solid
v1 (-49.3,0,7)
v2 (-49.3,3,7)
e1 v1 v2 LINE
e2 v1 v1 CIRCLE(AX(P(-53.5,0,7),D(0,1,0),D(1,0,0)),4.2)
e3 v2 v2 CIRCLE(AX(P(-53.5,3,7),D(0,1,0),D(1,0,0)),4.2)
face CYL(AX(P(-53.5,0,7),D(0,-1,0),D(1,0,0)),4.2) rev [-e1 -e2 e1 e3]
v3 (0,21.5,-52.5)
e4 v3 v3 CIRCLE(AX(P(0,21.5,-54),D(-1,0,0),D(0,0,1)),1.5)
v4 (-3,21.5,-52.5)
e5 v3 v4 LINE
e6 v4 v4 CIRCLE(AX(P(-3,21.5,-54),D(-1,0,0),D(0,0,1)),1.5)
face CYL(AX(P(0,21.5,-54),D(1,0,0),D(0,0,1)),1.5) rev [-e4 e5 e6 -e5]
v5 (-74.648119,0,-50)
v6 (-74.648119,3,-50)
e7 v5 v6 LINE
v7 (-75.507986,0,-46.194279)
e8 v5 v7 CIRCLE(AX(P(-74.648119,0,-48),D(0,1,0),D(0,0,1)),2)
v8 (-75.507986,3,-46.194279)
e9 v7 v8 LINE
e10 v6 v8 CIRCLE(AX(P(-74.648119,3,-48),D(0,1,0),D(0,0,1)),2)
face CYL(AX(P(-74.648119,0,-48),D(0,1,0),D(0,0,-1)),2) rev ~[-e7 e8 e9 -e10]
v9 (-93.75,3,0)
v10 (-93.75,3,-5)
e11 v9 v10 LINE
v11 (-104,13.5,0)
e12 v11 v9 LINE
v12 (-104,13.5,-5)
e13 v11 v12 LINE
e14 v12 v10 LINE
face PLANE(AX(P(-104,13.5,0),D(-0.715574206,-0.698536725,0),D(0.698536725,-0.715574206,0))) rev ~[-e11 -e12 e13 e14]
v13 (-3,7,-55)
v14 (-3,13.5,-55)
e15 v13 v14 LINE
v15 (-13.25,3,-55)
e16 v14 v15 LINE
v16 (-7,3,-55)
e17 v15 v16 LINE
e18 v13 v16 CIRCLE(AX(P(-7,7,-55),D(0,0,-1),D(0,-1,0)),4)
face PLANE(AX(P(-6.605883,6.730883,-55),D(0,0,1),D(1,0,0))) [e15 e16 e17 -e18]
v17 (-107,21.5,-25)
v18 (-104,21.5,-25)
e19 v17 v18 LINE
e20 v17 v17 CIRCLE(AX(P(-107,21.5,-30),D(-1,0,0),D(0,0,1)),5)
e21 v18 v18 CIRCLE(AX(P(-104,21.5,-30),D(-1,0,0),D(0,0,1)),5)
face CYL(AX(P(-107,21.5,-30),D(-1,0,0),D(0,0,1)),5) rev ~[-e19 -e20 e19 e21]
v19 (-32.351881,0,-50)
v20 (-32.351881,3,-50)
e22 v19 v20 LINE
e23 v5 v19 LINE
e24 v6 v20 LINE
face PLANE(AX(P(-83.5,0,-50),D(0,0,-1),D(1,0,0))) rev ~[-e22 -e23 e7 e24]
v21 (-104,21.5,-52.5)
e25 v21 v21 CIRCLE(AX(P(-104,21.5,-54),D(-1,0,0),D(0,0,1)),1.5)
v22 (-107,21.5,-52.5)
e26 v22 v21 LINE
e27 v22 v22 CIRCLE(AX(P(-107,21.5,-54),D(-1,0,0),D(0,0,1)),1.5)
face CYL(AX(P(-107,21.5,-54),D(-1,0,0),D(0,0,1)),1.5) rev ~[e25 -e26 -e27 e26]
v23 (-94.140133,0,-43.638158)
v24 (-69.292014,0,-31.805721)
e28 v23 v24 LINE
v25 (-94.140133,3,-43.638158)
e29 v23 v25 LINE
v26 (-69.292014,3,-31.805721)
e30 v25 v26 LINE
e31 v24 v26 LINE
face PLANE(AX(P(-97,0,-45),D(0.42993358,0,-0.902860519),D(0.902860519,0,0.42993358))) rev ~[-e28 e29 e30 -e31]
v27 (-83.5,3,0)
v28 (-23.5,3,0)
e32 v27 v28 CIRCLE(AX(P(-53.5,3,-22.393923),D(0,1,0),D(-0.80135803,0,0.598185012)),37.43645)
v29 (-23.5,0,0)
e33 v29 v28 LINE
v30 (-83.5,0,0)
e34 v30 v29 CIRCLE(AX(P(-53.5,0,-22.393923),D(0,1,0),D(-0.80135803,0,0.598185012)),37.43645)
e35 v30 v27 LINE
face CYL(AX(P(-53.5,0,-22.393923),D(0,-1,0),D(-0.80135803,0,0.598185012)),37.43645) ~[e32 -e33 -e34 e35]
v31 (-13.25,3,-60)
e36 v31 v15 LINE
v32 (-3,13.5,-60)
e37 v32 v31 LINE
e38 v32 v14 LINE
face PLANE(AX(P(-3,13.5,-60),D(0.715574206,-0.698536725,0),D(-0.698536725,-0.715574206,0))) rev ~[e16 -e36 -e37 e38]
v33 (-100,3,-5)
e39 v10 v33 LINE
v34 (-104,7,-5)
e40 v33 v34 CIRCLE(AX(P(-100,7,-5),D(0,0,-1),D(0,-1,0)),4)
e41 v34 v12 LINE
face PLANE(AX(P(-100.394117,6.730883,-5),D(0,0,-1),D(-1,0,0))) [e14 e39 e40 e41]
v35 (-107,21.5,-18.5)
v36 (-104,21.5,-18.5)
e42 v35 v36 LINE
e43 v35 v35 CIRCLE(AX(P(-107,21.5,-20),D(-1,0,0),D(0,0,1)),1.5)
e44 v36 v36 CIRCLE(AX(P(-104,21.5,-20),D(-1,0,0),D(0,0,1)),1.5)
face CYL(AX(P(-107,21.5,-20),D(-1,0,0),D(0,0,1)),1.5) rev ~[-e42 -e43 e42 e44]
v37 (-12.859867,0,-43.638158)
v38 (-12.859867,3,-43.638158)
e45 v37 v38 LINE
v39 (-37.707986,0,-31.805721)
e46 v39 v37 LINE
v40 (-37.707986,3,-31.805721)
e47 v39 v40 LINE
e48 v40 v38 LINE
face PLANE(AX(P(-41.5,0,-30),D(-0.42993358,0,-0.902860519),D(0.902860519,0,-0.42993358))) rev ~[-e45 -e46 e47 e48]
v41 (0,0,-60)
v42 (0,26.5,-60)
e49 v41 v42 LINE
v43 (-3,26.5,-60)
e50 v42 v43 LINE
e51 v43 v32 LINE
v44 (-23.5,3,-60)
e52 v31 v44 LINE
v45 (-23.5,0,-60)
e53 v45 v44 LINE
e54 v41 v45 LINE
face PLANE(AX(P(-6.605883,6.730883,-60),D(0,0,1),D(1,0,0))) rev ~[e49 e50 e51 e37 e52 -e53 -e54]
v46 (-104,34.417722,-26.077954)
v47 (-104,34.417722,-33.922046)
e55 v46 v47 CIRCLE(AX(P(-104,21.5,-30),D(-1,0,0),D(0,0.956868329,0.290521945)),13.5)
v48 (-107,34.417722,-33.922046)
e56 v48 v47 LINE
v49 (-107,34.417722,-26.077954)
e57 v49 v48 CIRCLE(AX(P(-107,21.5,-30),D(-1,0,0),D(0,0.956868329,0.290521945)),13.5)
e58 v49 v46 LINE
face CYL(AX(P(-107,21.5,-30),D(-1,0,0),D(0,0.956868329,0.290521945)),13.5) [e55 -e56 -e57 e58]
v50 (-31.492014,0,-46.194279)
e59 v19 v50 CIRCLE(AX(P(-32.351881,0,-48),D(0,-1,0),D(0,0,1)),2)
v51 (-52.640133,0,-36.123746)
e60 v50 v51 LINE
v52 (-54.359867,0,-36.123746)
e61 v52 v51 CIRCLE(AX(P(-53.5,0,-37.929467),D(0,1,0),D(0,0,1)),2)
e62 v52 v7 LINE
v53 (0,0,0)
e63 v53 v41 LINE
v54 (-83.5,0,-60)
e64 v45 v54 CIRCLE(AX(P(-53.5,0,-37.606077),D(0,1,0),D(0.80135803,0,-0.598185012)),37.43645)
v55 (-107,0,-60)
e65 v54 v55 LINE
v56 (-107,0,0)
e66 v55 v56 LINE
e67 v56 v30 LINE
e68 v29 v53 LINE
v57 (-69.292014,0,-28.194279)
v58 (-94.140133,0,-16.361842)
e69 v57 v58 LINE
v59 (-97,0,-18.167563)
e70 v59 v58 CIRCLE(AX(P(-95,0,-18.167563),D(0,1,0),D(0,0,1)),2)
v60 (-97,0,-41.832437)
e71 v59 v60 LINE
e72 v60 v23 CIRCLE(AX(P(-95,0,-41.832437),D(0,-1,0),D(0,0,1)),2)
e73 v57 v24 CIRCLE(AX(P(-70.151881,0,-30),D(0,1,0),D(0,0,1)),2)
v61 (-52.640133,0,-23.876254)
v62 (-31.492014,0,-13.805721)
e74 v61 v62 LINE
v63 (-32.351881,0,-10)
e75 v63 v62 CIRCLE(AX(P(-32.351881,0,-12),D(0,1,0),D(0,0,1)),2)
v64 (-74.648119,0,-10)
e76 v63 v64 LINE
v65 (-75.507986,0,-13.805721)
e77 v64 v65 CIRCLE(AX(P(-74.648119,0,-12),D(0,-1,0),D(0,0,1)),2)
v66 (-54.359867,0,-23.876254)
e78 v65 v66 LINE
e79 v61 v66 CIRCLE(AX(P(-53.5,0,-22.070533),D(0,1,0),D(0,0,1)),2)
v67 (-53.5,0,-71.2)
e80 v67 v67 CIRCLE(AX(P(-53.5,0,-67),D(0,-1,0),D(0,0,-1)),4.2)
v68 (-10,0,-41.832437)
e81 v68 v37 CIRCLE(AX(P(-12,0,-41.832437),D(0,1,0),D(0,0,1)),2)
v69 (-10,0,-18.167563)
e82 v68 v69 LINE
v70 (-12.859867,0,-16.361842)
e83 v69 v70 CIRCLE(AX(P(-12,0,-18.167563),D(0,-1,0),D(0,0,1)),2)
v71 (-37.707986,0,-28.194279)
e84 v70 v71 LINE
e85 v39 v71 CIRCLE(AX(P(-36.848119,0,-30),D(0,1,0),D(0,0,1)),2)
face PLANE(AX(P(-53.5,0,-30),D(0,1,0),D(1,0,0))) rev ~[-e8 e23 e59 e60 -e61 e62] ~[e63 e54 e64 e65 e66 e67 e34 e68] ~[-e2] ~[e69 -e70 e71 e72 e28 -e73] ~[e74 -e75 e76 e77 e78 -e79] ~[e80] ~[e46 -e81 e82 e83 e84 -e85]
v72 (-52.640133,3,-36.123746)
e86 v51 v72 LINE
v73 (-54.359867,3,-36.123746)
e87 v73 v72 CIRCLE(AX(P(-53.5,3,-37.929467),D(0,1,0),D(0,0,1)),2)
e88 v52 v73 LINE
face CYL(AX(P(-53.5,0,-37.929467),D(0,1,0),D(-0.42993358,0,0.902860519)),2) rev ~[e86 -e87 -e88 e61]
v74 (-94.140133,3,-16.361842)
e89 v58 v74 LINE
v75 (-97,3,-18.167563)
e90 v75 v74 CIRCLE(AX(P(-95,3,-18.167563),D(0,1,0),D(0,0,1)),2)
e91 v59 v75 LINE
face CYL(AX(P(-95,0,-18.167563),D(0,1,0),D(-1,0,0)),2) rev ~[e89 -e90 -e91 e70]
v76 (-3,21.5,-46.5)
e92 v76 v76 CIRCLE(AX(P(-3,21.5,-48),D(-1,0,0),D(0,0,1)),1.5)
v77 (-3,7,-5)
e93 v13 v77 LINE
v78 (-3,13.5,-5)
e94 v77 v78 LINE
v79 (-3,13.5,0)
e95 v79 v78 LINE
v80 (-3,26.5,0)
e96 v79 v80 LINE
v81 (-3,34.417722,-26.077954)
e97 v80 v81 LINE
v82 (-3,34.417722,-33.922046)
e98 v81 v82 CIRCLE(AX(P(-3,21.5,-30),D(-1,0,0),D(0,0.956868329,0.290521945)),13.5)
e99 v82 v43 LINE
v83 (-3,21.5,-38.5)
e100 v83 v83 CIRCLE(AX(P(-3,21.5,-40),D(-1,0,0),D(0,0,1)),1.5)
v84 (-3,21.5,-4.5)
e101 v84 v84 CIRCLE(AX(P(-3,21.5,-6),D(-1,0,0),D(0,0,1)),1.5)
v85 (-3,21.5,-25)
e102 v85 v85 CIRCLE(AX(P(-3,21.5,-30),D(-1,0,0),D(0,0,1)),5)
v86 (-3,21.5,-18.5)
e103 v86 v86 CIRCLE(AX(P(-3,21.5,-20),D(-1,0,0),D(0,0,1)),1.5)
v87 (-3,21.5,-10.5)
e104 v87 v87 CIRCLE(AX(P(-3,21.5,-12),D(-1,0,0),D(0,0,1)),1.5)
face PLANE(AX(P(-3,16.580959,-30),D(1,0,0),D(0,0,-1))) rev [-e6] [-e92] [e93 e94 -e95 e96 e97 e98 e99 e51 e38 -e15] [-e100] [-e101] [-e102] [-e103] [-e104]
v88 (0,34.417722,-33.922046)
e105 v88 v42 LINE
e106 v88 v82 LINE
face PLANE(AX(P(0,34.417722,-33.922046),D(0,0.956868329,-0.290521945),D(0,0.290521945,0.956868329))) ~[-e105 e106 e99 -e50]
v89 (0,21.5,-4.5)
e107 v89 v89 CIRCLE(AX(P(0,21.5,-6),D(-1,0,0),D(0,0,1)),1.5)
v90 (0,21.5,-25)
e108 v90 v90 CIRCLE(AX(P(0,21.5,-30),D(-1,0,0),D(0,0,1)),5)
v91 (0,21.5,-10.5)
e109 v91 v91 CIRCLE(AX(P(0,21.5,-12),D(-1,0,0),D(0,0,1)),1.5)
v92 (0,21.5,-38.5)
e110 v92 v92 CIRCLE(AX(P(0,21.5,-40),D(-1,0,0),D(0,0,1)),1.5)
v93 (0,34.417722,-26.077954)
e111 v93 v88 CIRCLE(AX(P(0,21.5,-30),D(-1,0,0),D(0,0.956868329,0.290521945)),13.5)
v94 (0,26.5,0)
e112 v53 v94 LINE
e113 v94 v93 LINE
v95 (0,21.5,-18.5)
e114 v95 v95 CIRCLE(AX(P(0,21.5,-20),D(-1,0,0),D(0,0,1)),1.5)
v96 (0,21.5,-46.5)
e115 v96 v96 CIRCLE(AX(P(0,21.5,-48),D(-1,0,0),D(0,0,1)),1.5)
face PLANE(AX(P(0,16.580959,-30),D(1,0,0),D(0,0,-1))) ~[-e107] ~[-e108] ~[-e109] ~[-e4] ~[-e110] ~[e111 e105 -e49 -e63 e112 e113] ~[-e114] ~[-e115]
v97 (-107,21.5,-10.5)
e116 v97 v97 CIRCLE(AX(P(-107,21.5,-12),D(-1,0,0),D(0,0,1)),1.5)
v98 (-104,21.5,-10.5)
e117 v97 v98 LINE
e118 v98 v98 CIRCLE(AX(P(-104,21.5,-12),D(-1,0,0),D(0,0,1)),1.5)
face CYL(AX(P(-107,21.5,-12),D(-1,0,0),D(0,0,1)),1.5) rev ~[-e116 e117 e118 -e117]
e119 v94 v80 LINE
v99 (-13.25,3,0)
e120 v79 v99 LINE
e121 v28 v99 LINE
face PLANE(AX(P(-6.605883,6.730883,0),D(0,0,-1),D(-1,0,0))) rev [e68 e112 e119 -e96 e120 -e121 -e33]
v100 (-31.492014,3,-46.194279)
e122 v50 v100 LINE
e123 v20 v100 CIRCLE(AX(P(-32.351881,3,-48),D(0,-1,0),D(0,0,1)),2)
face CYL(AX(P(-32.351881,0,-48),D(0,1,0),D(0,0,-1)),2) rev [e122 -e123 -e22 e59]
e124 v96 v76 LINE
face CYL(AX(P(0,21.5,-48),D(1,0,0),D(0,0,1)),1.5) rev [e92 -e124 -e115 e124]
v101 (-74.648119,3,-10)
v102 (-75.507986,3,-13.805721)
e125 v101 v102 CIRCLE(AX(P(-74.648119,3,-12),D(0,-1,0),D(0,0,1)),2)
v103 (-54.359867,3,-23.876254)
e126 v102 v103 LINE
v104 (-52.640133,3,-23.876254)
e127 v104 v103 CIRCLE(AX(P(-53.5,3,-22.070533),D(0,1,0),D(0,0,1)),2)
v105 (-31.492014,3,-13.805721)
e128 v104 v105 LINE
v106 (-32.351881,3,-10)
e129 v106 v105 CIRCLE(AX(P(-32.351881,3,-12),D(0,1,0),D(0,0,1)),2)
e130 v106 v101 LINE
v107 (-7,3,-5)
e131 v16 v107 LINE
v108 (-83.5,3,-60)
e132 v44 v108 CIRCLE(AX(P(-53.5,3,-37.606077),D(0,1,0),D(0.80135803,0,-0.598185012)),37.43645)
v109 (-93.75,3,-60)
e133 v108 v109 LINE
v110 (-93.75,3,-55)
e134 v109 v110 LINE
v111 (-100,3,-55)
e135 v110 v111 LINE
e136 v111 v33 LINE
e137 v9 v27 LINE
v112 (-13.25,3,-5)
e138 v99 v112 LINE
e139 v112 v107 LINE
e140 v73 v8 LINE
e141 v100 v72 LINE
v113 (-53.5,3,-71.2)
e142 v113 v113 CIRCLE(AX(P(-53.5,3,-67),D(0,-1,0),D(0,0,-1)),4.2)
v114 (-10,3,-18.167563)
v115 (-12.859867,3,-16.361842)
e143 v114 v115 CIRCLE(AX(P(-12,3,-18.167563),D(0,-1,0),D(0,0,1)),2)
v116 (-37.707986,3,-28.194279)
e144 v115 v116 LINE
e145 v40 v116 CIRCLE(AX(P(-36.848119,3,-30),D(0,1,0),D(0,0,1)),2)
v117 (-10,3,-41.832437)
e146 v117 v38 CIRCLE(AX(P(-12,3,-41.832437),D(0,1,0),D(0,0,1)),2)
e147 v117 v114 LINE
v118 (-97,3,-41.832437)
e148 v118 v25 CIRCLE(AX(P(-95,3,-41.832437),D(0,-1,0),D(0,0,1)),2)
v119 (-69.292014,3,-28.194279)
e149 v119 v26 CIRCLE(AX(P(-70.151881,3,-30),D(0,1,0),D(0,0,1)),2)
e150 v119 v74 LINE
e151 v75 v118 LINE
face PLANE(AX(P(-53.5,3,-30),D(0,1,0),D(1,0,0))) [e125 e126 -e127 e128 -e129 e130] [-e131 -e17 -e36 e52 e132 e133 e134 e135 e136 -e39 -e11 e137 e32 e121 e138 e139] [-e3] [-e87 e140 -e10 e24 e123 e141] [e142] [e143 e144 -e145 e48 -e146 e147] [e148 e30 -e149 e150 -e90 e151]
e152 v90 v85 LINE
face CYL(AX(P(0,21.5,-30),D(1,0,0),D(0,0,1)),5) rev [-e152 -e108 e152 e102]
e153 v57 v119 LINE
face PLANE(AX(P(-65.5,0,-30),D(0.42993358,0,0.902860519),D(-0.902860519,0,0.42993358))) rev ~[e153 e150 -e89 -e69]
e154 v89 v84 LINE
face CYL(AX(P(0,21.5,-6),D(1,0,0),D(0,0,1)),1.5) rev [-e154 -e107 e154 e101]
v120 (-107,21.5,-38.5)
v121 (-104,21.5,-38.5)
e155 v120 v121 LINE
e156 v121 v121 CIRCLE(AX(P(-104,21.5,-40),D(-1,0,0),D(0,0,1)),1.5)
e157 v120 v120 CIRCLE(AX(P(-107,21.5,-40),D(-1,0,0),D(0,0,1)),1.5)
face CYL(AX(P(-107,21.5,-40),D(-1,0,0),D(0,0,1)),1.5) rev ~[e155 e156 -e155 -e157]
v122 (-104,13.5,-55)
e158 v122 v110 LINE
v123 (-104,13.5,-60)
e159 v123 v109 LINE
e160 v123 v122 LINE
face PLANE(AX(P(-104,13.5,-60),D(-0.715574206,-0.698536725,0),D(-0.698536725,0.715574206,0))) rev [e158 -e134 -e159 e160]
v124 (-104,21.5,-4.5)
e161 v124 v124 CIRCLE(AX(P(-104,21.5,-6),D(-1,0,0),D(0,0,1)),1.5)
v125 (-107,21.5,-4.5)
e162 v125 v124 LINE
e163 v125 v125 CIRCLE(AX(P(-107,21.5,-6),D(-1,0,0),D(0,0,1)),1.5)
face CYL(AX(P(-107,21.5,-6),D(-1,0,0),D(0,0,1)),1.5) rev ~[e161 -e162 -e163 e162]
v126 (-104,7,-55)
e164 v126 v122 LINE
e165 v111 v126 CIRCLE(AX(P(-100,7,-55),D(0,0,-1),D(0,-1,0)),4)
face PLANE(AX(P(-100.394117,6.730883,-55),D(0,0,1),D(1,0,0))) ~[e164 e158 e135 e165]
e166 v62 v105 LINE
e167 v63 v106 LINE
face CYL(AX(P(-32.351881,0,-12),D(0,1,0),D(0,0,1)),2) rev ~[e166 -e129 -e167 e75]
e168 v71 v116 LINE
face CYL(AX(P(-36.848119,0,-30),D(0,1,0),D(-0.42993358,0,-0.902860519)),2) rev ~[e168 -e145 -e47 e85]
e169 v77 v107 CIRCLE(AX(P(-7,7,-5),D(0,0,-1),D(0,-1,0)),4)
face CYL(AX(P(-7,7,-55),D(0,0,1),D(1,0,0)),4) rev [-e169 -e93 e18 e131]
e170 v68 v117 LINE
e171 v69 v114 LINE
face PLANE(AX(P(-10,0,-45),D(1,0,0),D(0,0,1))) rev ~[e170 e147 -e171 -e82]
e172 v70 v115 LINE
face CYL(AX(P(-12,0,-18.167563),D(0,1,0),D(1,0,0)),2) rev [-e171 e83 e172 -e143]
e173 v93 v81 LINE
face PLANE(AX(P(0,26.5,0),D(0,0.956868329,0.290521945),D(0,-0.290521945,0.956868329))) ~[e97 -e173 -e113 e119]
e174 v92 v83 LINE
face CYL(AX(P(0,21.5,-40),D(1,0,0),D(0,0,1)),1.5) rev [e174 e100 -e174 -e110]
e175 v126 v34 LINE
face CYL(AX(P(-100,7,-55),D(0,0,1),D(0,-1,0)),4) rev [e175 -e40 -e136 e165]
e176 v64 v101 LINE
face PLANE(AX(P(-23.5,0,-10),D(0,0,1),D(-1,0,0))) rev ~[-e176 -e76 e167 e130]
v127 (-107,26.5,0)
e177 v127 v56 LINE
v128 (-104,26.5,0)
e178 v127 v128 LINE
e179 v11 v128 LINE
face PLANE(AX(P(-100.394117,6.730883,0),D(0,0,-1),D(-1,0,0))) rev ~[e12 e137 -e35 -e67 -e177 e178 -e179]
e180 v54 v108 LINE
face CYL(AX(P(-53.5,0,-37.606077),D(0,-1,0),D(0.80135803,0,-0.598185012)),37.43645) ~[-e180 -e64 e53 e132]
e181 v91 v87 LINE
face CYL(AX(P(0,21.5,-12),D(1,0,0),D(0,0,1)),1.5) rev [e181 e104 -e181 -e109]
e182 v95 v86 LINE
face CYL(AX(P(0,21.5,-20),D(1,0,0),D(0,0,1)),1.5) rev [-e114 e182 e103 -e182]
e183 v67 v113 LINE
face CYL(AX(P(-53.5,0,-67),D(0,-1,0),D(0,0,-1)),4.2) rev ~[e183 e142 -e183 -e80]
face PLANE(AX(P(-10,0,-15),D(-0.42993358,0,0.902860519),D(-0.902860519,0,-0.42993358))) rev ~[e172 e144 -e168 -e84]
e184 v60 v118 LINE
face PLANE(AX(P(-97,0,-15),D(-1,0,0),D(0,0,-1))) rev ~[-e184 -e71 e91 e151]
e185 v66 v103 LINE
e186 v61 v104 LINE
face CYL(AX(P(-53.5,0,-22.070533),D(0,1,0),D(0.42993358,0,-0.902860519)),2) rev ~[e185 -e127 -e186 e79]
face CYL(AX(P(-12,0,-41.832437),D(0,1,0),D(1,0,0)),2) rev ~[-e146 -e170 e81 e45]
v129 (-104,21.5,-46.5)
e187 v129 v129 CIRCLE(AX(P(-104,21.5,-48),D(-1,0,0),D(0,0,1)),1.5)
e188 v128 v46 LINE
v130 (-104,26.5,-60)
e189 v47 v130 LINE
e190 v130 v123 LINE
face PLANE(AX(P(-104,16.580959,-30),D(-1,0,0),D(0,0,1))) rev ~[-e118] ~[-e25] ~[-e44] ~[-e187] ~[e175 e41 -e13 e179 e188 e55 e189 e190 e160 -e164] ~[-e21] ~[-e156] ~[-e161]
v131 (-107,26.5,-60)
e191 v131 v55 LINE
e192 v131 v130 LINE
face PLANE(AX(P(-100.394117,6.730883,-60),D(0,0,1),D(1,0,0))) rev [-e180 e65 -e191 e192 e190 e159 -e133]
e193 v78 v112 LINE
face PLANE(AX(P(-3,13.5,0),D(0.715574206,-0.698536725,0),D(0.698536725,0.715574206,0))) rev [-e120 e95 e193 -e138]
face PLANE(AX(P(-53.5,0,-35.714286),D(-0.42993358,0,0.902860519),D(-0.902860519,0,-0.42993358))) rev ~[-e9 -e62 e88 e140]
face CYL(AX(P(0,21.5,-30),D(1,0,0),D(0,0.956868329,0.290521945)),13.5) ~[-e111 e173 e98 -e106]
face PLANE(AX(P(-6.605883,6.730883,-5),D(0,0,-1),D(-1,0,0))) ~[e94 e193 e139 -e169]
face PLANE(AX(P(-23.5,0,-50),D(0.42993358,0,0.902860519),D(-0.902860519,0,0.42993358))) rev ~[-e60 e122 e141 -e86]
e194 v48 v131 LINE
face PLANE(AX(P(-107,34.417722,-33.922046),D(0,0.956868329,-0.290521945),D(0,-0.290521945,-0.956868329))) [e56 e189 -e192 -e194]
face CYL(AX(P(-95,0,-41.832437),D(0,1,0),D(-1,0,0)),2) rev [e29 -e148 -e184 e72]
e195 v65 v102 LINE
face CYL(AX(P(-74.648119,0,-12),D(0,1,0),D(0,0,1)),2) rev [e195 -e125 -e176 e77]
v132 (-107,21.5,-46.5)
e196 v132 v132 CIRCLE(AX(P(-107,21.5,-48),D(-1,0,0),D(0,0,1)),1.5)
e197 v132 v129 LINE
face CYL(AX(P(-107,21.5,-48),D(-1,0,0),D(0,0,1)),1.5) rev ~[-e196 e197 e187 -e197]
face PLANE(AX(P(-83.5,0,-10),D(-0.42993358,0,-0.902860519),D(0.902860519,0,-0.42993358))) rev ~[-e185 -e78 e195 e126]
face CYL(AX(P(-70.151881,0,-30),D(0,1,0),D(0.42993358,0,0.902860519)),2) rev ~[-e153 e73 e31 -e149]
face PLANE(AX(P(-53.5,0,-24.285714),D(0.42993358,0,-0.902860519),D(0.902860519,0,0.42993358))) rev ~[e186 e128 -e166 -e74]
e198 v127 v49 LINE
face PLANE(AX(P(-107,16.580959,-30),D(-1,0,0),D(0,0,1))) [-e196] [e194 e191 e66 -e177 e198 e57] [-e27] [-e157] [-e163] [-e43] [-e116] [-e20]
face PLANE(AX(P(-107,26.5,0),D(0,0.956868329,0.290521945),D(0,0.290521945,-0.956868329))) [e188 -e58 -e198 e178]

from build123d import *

# Parameters (mm, degrees)
SKETCH1_R            = 4.2
BOSS_EXTRUDE1_DEPTH  = 3
FILLET1_R            = 2
SKETCH2_R            = 1.5
SKETCH2_R_2          = 5
BOSS_EXTRUDE2_DEPTH  = 3
BOSS_EXTRUDE3_DEPTH  = 5
MIRROR3_COPY_1_DEPTH = 5
FILLET2_R            = 4


with BuildPart() as part:
    # Sketch1 → Boss-Extrude1 (new body)
    with BuildSketch(Plane(origin=(0, 0, 0), x_dir=(1, 0, 0), z_dir=(0, 1, 0))):
        with BuildLine():
            Line((-107, 60), (-107, 0))
            Line((-107, 0), (-83.5, 0))
            ThreePointArc((-83.5, 0), (-53.5, -15.042526813), (-23.5, 0))
            Line((-23.5, 0), (0, 0))
            Line((0, 0), (0, 60))
            Line((0, 60), (-23.5, 60))
            ThreePointArc((-23.5, 60), (-53.5, 75.042526813), (-83.5, 60))
            Line((-83.5, 60), (-107, 60))
        make_face()
        Polygon((-97, 45), (-65.5, 30), (-97, 15), align=None, mode=Mode.SUBTRACT)
        Polygon((-83.5, 10), (-53.5, 24.285714286), (-23.5, 10), align=None, mode=Mode.SUBTRACT)
        Polygon((-10, 15), (-41.5, 30), (-10, 45), align=None, mode=Mode.SUBTRACT)
        Polygon((-23.5, 50), (-53.5, 35.714285714), (-83.5, 50), align=None, mode=Mode.SUBTRACT)
        with BuildLine():
            ThreePointArc((-53.5, 62.8), (-57.7, 67), (-53.5, 71.2))
            ThreePointArc((-53.5, 71.2), (-49.3, 67), (-53.5, 62.8))
        make_face(mode=Mode.SUBTRACT)
        with Locations((-53.5, -7)):
            Circle(SKETCH1_R, mode=Mode.SUBTRACT)
    extrude(amount=BOSS_EXTRUDE1_DEPTH)

    # Fillet1
    fillet1_edges = [part.edges().sort_by_distance(p)[0] for p in [
        (-10, 1.5, -15),
        (-10, 1.5, -45),
        (-41.5, 1.5, -30),
        (-83.5, 1.5, -10),
        (-23.5, 1.5, -10),
        (-53.5, 1.5, -24.285714286),
        (-97, 1.5, -45),
        (-97, 1.5, -15),
        (-65.5, 1.5, -30),
        (-23.5, 1.5, -50),
        (-83.5, 1.5, -50),
        (-53.5, 1.5, -35.714285714),
    ]]
    fillet(fillet1_edges, radius=FILLET1_R)

    # Sketch2 → Boss-Extrude2 (add)
    with BuildSketch(Plane.ZY.offset(107)):
        with BuildLine():
            Line((0, 26.5), (-26.077953741, 34.417722444))
            ThreePointArc((-26.077953741, 34.417722444), (-30, 35), (-33.922046259, 34.417722444))
            Line((-33.922046259, 34.417722444), (-60, 26.5))
            Line((-60, 26.5), (-60, 3))
            Line((-60, 3), (0, 3))
            Line((0, 3), (0, 26.5))
        make_face()
        with Locations((-40, 21.5)):
            Circle(SKETCH2_R, mode=Mode.SUBTRACT)
        with Locations((-30, 21.5)):
            Circle(SKETCH2_R_2, mode=Mode.SUBTRACT)
        with Locations((-12, 21.5)):
            Circle(SKETCH2_R, mode=Mode.SUBTRACT)
        with Locations((-6, 21.5)):
            Circle(SKETCH2_R, mode=Mode.SUBTRACT)
        with Locations((-54, 21.5)):
            Circle(SKETCH2_R, mode=Mode.SUBTRACT)
        with Locations((-48, 21.5)):
            Circle(SKETCH2_R, mode=Mode.SUBTRACT)
        with Locations((-20, 21.5)):
            Circle(SKETCH2_R, mode=Mode.SUBTRACT)
    boss_extrude2 = extrude(amount=-BOSS_EXTRUDE2_DEPTH)

    # Mirror1: Boss-Extrude2 across plane
    add(boss_extrude2.mirror(Plane(origin=(-53.5, 0, 0), x_dir=(0, 0, 1), z_dir=(1, 0, 0))))

    # Sketch4 → Boss-Extrude3 (add)
    with BuildSketch(Plane.XY):
        Polygon((-104, 13.5), (-93.75, 3), (-104, 3), align=None)
    boss_extrude3 = extrude(amount=-BOSS_EXTRUDE3_DEPTH)

    # Mirror2: Boss-Extrude3 across plane
    add(boss_extrude3.mirror(Plane(origin=(-53.5, 0, 0), x_dir=(0, 0, 1), z_dir=(1, 0, 0))))

    # Mirror3: Boss-Extrude3 across plane
    add(boss_extrude3.mirror(Plane.XY.offset(-30)))

    # Mirror3 copy 1 sketch → Mirror3 copy 1 (add)
    with BuildSketch(Plane(origin=(-107, 0, -60), x_dir=(-1, 0, 0), z_dir=(0, 0, -1))):
        Polygon((-104, 13.5), (-93.75, 3), (-104, 3), align=None)
    extrude(amount=-MIRROR3_COPY_1_DEPTH)

    # Fillet2
    fillet2_edges = [part.edges().sort_by_distance(p)[0] for p in [
        (-104, 3, -30),
        (-3, 3, -30),
    ]]
    fillet(fillet2_edges, radius=FILLET2_R)


solid = part.part
